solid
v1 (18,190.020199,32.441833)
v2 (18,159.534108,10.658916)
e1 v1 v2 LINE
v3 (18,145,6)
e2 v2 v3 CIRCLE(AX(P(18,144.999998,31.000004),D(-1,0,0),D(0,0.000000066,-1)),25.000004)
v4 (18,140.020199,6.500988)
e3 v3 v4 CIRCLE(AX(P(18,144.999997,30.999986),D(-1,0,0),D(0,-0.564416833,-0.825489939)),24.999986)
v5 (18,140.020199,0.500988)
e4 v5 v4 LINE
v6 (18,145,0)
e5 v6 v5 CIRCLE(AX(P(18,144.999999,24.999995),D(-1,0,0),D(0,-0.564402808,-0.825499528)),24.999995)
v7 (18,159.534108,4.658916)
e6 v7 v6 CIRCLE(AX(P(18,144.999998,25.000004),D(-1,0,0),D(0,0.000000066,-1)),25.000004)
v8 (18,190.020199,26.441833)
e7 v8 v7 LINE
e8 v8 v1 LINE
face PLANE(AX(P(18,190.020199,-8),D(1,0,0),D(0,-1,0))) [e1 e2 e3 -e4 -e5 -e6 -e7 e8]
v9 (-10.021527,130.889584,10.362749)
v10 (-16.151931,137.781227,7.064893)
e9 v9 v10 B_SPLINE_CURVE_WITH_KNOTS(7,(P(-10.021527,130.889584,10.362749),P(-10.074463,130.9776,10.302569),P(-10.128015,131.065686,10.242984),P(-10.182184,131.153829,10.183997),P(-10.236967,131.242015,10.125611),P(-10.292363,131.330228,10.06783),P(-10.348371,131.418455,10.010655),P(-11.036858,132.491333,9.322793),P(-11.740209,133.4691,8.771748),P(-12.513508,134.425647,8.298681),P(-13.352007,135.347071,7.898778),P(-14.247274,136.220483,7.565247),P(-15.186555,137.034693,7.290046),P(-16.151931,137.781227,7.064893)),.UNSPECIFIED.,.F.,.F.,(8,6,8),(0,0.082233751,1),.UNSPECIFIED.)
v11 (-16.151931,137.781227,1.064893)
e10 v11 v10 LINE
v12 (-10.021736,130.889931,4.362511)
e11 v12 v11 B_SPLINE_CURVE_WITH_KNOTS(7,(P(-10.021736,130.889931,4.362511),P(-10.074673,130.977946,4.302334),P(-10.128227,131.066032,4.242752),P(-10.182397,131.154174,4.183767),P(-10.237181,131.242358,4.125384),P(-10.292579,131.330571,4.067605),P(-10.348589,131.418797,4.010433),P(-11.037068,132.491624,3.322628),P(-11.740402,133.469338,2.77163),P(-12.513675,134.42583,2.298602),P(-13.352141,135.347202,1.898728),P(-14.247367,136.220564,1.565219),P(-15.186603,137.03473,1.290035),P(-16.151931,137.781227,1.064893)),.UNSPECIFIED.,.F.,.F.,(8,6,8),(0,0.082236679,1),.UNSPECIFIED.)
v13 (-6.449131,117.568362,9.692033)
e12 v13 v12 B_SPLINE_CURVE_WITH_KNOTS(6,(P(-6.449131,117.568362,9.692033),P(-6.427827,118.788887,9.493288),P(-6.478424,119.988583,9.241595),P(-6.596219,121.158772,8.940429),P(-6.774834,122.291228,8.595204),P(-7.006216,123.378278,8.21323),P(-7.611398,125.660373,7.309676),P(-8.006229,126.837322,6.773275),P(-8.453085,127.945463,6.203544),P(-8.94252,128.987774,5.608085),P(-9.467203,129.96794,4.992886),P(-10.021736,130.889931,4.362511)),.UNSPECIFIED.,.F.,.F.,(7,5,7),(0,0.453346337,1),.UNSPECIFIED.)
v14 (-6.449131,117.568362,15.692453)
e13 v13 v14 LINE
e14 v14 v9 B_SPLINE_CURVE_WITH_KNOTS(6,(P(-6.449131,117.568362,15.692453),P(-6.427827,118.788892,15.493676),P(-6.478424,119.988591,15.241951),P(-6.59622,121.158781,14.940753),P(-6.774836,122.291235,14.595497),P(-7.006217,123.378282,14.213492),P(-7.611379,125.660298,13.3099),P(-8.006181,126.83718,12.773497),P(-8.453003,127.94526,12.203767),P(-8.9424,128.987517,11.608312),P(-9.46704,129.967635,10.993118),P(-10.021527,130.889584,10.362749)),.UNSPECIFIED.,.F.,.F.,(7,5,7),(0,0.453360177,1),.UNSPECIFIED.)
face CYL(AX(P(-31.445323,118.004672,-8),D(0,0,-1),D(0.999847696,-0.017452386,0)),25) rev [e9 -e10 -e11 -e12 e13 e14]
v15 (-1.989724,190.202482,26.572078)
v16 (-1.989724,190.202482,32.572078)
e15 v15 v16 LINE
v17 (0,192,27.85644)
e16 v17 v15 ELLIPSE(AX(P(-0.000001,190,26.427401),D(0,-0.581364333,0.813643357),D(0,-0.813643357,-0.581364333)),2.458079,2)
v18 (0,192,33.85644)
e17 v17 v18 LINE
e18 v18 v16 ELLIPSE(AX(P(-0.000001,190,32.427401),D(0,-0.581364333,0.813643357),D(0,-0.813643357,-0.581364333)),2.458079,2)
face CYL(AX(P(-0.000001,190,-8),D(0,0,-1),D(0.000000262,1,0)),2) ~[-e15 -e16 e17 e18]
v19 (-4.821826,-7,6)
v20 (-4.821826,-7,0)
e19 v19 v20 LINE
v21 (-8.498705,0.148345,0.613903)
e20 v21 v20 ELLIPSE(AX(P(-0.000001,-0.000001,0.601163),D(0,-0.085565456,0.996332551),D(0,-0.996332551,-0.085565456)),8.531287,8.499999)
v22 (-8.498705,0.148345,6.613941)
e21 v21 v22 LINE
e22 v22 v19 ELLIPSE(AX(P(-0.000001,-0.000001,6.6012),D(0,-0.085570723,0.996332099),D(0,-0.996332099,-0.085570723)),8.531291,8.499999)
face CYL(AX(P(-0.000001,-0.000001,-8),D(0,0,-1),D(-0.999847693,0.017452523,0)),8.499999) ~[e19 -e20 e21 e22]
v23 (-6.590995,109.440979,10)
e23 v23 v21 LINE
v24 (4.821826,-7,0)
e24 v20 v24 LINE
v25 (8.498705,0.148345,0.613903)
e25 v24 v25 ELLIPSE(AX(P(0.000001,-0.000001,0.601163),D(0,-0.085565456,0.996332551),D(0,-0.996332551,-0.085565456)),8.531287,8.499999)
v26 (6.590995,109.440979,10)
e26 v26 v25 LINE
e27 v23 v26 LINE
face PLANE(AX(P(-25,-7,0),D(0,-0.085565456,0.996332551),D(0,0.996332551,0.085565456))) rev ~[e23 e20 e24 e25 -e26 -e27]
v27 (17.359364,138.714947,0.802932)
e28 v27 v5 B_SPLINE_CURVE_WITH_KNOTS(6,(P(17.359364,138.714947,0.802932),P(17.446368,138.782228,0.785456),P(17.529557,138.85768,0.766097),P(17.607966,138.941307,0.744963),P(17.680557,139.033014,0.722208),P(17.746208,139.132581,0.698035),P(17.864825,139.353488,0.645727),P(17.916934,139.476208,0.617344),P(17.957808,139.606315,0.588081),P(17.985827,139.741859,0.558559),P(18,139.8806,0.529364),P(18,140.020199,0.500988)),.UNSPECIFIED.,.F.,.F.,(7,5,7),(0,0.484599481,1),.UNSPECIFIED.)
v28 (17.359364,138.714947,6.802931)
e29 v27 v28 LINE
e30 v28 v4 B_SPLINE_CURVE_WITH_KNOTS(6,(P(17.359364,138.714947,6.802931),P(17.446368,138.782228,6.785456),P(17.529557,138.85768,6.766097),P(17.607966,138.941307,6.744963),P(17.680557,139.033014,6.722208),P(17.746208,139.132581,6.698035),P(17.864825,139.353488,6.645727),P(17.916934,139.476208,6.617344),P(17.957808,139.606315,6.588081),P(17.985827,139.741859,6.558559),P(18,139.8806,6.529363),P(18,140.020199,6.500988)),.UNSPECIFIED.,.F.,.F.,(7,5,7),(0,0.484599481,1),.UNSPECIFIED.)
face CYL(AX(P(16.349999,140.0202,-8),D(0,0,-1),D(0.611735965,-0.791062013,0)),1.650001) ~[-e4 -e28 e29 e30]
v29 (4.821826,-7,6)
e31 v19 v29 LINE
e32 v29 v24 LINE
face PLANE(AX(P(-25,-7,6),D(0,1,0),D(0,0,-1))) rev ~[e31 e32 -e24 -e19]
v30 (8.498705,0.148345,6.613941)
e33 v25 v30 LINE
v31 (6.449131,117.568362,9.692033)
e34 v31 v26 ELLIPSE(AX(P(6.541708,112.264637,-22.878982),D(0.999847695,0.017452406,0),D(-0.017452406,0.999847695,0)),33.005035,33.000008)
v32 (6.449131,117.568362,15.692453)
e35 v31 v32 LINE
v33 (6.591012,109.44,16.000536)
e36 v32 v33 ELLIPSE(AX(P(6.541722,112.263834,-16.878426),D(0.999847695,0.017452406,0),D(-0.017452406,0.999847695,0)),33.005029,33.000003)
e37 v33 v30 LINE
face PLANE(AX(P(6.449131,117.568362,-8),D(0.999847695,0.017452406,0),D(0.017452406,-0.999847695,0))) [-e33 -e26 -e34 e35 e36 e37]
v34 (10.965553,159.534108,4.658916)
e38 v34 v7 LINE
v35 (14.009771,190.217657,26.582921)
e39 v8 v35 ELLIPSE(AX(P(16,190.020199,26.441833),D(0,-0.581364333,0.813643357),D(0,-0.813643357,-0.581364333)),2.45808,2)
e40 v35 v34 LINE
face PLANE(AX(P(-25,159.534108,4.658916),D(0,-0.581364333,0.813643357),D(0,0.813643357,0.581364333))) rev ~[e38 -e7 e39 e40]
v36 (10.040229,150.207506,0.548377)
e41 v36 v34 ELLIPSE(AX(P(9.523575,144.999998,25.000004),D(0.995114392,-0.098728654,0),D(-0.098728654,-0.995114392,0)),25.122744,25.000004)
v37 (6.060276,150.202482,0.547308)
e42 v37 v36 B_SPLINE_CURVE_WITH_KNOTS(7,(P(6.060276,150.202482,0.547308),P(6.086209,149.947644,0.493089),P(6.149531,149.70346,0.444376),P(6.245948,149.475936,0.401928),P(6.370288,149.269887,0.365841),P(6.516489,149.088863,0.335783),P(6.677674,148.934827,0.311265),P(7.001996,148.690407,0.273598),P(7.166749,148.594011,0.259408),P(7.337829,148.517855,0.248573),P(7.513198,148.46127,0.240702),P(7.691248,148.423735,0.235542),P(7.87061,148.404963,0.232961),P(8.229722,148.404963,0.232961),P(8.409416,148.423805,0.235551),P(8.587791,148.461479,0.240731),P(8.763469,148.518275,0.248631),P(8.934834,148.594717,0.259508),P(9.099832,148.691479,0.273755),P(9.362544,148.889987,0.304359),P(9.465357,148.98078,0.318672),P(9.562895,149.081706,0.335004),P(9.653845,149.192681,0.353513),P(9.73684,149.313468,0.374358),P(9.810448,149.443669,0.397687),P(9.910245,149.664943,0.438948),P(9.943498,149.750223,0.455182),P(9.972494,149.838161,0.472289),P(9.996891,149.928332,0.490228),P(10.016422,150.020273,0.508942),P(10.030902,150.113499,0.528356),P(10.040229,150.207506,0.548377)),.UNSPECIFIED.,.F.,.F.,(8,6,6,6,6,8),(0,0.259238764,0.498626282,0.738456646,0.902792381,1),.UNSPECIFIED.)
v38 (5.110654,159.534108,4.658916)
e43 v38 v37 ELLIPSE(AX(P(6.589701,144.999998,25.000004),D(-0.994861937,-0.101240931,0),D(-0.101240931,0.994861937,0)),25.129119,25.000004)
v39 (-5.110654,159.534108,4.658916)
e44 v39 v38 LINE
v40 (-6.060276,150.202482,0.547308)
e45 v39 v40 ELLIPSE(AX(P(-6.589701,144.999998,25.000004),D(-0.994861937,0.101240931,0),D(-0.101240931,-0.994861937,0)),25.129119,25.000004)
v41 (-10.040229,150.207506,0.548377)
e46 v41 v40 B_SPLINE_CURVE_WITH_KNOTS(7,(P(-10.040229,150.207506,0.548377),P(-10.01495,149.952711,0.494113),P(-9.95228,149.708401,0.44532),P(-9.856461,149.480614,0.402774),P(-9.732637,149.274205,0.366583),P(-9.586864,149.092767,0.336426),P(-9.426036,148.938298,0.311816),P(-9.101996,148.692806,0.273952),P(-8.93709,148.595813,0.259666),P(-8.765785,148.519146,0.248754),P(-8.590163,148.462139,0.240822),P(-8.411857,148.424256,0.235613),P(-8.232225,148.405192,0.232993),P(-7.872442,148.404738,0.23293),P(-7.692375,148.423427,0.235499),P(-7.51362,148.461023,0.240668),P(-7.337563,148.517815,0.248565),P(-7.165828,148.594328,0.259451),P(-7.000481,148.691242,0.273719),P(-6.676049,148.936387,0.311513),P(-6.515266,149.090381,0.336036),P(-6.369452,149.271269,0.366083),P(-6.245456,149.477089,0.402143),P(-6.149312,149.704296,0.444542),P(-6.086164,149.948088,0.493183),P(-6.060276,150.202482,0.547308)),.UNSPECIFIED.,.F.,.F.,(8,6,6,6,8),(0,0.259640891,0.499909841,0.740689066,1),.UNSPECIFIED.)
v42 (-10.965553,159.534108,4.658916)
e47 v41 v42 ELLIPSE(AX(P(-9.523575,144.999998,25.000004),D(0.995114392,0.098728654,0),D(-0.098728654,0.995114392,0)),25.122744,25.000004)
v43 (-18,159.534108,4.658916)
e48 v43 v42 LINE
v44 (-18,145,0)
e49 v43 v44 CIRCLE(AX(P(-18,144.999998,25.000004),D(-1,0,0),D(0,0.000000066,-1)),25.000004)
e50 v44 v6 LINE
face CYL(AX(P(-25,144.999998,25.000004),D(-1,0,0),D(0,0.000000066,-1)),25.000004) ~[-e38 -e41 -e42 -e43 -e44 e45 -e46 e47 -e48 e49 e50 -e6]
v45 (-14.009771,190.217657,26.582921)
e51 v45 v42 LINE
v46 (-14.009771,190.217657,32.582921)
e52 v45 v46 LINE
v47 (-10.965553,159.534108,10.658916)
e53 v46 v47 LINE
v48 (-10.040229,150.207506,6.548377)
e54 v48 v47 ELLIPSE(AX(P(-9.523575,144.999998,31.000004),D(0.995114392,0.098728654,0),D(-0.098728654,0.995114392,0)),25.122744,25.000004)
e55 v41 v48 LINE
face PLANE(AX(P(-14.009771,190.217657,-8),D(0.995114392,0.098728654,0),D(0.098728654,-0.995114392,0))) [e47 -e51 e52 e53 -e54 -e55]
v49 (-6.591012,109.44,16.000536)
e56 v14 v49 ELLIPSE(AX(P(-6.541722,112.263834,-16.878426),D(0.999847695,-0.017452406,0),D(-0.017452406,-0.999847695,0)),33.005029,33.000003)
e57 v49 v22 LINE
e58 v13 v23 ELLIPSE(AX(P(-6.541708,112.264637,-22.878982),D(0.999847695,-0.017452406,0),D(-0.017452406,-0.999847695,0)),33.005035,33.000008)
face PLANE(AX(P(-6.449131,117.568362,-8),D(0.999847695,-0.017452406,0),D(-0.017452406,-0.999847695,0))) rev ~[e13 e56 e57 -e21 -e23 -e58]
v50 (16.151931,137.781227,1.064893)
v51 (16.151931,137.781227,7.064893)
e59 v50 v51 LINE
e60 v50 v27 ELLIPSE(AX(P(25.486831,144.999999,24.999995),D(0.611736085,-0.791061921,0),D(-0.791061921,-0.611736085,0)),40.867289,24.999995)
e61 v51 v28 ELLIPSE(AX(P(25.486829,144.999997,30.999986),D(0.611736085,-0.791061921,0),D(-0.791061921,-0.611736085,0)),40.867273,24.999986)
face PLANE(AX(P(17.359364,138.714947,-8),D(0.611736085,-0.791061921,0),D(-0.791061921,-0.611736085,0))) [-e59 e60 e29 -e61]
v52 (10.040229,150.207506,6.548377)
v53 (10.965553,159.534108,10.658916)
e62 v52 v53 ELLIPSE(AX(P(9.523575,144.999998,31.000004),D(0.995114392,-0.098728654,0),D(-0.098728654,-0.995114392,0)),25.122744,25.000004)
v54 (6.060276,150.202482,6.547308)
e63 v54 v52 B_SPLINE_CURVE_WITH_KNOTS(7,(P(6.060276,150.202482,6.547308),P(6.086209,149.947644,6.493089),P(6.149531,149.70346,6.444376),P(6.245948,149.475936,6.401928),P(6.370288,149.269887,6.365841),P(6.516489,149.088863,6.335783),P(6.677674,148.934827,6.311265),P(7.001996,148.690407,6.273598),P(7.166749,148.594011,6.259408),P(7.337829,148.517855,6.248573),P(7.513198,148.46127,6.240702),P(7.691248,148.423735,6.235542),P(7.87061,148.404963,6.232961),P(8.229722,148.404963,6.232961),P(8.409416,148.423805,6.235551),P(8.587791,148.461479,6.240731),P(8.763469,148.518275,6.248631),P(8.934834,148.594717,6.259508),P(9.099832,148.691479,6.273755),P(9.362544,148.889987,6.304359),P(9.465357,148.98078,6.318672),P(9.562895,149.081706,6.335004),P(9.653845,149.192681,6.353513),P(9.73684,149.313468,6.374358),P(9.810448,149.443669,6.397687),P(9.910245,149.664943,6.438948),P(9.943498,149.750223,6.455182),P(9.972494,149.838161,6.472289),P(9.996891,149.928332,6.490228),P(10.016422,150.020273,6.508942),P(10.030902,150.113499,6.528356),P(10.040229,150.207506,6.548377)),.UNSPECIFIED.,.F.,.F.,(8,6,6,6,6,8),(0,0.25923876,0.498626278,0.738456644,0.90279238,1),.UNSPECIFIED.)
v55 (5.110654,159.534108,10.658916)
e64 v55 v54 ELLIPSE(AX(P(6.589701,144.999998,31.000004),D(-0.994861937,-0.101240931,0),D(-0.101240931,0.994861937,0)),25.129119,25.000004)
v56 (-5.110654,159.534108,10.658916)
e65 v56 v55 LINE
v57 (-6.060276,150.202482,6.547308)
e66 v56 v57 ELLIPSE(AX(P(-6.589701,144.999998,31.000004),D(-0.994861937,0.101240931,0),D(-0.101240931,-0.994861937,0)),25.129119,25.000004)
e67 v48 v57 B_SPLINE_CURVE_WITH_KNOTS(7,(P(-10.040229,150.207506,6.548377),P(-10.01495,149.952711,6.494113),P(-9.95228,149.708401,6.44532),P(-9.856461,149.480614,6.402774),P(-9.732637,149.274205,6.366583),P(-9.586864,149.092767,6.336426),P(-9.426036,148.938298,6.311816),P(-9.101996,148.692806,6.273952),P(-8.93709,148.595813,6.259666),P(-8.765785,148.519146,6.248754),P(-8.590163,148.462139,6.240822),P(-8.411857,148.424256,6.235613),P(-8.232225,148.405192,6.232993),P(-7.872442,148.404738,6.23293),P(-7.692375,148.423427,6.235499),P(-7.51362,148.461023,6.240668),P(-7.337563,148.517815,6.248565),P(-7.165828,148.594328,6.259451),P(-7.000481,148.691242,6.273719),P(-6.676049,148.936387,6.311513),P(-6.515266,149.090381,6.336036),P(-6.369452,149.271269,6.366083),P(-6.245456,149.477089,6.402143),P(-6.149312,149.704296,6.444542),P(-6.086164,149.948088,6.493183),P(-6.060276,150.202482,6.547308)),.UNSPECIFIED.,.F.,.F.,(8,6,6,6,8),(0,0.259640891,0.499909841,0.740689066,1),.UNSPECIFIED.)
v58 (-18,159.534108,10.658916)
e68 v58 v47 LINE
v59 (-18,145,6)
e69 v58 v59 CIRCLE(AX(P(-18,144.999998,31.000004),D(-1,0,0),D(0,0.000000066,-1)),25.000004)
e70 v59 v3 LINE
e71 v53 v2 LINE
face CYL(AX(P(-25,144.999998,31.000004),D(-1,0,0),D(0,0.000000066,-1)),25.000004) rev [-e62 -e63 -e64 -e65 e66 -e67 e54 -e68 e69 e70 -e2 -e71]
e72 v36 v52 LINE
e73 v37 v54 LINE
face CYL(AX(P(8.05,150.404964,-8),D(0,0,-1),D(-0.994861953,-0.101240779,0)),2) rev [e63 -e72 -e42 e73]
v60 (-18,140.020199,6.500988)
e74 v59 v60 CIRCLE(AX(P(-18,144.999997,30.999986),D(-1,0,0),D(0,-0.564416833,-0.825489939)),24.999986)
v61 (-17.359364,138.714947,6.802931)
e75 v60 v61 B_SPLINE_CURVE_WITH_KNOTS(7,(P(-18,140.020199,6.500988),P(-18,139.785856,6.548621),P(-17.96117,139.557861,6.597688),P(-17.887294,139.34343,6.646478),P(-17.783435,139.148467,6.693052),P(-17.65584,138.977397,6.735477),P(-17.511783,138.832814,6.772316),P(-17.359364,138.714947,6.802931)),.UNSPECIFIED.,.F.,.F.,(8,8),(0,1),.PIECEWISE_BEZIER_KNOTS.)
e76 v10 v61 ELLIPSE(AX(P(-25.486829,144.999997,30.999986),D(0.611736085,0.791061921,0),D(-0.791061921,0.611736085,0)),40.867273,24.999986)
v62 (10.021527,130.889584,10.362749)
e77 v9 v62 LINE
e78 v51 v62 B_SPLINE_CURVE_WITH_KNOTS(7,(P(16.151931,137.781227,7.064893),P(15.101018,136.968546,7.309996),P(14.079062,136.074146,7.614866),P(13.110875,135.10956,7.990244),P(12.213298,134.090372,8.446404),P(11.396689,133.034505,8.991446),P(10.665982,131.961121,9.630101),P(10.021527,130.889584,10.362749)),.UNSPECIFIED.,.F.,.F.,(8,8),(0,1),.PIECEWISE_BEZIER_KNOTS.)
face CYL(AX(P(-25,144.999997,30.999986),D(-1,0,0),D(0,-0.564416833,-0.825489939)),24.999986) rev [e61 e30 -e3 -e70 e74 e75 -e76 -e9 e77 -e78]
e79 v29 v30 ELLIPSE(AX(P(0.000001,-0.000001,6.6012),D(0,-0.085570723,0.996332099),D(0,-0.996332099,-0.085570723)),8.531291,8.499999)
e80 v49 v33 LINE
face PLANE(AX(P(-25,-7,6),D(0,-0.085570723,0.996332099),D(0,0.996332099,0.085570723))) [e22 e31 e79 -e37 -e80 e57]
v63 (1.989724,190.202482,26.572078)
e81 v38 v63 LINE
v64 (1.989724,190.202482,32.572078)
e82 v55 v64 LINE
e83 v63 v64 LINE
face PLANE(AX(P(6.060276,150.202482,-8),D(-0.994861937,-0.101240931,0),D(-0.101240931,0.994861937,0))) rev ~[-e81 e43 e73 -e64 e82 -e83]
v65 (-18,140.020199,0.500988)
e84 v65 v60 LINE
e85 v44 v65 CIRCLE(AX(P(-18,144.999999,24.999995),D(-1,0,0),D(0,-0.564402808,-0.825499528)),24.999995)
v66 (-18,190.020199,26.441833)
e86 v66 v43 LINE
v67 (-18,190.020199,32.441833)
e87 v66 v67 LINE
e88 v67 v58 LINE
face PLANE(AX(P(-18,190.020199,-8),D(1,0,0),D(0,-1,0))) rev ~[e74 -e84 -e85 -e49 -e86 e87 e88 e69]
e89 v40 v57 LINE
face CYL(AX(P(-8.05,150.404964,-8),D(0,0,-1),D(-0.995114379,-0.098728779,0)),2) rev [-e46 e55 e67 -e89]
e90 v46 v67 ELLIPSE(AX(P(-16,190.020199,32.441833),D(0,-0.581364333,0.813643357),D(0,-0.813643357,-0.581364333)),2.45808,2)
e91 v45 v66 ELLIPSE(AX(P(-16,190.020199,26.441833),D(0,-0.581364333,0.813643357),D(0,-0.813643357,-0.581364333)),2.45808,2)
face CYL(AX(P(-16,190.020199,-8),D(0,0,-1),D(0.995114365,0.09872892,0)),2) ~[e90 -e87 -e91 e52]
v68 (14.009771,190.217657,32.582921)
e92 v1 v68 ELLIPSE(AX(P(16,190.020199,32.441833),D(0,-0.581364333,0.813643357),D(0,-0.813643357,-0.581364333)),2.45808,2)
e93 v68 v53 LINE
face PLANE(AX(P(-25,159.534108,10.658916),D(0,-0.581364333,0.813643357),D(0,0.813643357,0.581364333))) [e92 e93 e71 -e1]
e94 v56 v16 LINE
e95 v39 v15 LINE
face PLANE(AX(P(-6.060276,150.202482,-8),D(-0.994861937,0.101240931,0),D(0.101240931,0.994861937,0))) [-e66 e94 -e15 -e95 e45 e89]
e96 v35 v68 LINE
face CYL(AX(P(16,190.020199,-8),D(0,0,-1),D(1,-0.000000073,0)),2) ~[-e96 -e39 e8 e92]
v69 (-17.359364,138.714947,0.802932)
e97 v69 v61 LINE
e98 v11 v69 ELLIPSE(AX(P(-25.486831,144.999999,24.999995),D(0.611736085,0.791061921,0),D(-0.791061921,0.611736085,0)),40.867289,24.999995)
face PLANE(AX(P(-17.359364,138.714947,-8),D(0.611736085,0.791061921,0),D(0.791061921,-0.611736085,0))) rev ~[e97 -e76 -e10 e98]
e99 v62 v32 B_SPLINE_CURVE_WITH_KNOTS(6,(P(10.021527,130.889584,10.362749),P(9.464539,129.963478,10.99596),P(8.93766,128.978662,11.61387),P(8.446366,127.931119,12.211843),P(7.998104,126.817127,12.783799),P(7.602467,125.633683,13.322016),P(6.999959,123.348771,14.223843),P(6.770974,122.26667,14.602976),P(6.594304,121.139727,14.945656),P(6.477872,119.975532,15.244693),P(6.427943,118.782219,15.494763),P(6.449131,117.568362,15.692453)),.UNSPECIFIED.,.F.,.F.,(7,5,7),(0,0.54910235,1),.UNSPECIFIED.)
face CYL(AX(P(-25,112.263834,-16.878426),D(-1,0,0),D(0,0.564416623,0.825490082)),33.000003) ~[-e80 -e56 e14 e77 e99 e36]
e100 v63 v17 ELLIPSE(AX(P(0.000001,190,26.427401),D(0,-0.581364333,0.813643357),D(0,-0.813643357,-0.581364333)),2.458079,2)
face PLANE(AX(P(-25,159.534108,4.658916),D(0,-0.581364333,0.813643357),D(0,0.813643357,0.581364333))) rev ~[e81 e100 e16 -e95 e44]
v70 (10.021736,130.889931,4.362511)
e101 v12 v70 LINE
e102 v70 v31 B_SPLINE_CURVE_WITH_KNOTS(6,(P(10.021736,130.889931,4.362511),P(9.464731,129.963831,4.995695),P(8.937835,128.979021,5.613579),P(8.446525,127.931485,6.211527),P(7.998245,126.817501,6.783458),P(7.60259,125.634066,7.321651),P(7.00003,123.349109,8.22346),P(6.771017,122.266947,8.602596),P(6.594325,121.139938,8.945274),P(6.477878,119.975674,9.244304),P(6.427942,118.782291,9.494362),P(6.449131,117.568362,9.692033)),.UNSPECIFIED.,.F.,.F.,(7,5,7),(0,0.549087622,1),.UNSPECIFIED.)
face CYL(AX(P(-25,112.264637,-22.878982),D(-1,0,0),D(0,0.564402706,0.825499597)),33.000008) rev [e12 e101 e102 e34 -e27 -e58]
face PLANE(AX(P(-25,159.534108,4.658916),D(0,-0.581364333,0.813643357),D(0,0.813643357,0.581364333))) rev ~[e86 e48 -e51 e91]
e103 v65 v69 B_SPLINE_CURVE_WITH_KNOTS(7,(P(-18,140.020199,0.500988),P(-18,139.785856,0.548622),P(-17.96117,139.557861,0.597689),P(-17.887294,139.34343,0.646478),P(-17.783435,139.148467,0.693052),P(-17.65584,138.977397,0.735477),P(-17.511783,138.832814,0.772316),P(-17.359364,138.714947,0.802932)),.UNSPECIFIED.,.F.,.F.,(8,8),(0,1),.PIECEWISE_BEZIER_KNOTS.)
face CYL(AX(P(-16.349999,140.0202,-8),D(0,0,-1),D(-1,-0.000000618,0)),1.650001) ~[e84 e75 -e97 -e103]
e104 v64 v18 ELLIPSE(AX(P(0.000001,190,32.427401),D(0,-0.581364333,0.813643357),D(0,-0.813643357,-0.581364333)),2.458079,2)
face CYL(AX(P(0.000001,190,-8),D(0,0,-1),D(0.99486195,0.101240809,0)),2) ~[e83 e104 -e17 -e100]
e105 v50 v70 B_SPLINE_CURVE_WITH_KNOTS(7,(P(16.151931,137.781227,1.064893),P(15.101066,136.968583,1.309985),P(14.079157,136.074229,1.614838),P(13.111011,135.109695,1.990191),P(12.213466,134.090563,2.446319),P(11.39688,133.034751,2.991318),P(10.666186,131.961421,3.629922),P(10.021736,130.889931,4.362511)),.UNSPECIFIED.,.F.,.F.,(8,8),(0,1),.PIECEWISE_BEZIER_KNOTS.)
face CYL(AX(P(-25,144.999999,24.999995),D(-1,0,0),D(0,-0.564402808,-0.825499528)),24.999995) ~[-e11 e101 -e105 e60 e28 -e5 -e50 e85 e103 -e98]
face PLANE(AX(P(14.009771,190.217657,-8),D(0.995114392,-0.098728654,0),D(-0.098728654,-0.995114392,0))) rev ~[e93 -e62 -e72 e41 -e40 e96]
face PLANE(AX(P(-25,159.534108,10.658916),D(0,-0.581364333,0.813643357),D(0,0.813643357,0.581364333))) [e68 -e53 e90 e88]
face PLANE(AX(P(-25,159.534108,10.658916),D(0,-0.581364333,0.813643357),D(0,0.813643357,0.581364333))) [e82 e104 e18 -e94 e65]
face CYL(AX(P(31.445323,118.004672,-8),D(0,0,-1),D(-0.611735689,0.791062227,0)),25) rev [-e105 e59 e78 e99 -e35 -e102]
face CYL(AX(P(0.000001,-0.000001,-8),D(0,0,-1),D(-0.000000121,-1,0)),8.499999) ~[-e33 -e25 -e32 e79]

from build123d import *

# Parameters (mm, degrees)
PAD001_DEPTH = 50
PAD_DEPTH    = 50


with BuildPart() as forkyz:
    # Sketch → Pad001 (new body)
    with BuildSketch(Plane.YZ):
        with BuildLine():
            Line((-7, 0), (109.440979, 10))
            ThreePointArc((130.889931, 4.362511), (120.653215, 9.037037), (109.440979, 10))
            ThreePointArc((130.889931, 4.362511), (137.615463, 1.115515), (145, 0))
            ThreePointArc((145, 0), (152.631281, 1.193204), (159.534108, 4.658916))
            Line((159.534108, 4.658916), (195, 30))
            Line((195, 30), (195, 36))
            Line((159.534108, 10.658916), (195, 36))
            ThreePointArc((145, 6), (152.631281, 7.193204), (159.534108, 10.658916))
            ThreePointArc((130.889584, 10.362749), (137.615262, 7.115577), (145, 6))
            ThreePointArc((130.889584, 10.362749), (120.652594, 15.03754), (109.44, 16.000536))
            Line((-7, 6), (109.44, 16.000536))
            Line((-7, 6), (-7, 0))
        make_face()
    extrude(amount=PAD001_DEPTH)


with BuildPart() as forkyz_1:
    # Body001 placement: moved
    add(forkyz.part.moved(Location((-25, 0, 0))))


with BuildPart() as common:
    # Sketch003 → Pad (new body)
    with BuildSketch(Plane.XY):
        with BuildLine():
            Line((18, 190.020199), (18, 140.020199))
            ThreePointArc((17.359364, 138.714947), (17.831207, 139.293202), (18, 140.020199))
            Line((17.359364, 138.714947), (16.151931, 137.781227))
            ThreePointArc((16.151931, 137.781227), (8.907519, 128.823515), (6.449131, 117.568362))
            Line((6.449131, 117.568362), (8.498705, 0.148345))
            ThreePointArc((0, -8.5), (6.062629, -5.957729), (8.498705, 0.148345))
            ThreePointArc((-8.498705, 0.148345), (-6.062629, -5.957729), (0, -8.5))
            Line((-6.449131, 117.568362), (-8.498705, 0.148345))
            ThreePointArc((-6.449131, 117.568362), (-8.907519, 128.823515), (-16.151931, 137.781227))
            Line((-17.359364, 138.714947), (-16.151931, 137.781227))
            ThreePointArc((-18, 140.020199), (-17.831207, 139.293202), (-17.359364, 138.714947))
            Line((-18, 190.020199), (-18, 140.020199))
            ThreePointArc((-14.009771, 190.217657), (-16.098849, 192.017755), (-18, 190.020199))
            Line((-14.009771, 190.217657), (-10.040229, 150.207506))
            ThreePointArc((-10.040229, 150.207506), (-8.052525, 148.404965), (-6.060276, 150.202482))
            Line((-6.060276, 150.202482), (-1.989724, 190.202482))
            ThreePointArc((0, 192), (-1.340716, 191.484076), (-1.989724, 190.202482))
            ThreePointArc((1.989724, 190.202482), (1.340716, 191.484076), (0, 192))
            Line((6.060276, 150.202482), (1.989724, 190.202482))
            ThreePointArc((6.060276, 150.202482), (8.052525, 148.404965), (10.040229, 150.207506))
            Line((14.009771, 190.217657), (10.040229, 150.207506))
            ThreePointArc((18, 190.020199), (16.098849, 192.017755), (14.009771, 190.217657))
        make_face()
    extrude(amount=PAD_DEPTH)


with BuildPart() as common_1:
    # Body placement: moved
    add(common.part.moved(Location((0, 0, -8))))

    # Common: intersect forkYZ
    add(forkyz_1.part, mode=Mode.INTERSECT)


solid = common_1.part
